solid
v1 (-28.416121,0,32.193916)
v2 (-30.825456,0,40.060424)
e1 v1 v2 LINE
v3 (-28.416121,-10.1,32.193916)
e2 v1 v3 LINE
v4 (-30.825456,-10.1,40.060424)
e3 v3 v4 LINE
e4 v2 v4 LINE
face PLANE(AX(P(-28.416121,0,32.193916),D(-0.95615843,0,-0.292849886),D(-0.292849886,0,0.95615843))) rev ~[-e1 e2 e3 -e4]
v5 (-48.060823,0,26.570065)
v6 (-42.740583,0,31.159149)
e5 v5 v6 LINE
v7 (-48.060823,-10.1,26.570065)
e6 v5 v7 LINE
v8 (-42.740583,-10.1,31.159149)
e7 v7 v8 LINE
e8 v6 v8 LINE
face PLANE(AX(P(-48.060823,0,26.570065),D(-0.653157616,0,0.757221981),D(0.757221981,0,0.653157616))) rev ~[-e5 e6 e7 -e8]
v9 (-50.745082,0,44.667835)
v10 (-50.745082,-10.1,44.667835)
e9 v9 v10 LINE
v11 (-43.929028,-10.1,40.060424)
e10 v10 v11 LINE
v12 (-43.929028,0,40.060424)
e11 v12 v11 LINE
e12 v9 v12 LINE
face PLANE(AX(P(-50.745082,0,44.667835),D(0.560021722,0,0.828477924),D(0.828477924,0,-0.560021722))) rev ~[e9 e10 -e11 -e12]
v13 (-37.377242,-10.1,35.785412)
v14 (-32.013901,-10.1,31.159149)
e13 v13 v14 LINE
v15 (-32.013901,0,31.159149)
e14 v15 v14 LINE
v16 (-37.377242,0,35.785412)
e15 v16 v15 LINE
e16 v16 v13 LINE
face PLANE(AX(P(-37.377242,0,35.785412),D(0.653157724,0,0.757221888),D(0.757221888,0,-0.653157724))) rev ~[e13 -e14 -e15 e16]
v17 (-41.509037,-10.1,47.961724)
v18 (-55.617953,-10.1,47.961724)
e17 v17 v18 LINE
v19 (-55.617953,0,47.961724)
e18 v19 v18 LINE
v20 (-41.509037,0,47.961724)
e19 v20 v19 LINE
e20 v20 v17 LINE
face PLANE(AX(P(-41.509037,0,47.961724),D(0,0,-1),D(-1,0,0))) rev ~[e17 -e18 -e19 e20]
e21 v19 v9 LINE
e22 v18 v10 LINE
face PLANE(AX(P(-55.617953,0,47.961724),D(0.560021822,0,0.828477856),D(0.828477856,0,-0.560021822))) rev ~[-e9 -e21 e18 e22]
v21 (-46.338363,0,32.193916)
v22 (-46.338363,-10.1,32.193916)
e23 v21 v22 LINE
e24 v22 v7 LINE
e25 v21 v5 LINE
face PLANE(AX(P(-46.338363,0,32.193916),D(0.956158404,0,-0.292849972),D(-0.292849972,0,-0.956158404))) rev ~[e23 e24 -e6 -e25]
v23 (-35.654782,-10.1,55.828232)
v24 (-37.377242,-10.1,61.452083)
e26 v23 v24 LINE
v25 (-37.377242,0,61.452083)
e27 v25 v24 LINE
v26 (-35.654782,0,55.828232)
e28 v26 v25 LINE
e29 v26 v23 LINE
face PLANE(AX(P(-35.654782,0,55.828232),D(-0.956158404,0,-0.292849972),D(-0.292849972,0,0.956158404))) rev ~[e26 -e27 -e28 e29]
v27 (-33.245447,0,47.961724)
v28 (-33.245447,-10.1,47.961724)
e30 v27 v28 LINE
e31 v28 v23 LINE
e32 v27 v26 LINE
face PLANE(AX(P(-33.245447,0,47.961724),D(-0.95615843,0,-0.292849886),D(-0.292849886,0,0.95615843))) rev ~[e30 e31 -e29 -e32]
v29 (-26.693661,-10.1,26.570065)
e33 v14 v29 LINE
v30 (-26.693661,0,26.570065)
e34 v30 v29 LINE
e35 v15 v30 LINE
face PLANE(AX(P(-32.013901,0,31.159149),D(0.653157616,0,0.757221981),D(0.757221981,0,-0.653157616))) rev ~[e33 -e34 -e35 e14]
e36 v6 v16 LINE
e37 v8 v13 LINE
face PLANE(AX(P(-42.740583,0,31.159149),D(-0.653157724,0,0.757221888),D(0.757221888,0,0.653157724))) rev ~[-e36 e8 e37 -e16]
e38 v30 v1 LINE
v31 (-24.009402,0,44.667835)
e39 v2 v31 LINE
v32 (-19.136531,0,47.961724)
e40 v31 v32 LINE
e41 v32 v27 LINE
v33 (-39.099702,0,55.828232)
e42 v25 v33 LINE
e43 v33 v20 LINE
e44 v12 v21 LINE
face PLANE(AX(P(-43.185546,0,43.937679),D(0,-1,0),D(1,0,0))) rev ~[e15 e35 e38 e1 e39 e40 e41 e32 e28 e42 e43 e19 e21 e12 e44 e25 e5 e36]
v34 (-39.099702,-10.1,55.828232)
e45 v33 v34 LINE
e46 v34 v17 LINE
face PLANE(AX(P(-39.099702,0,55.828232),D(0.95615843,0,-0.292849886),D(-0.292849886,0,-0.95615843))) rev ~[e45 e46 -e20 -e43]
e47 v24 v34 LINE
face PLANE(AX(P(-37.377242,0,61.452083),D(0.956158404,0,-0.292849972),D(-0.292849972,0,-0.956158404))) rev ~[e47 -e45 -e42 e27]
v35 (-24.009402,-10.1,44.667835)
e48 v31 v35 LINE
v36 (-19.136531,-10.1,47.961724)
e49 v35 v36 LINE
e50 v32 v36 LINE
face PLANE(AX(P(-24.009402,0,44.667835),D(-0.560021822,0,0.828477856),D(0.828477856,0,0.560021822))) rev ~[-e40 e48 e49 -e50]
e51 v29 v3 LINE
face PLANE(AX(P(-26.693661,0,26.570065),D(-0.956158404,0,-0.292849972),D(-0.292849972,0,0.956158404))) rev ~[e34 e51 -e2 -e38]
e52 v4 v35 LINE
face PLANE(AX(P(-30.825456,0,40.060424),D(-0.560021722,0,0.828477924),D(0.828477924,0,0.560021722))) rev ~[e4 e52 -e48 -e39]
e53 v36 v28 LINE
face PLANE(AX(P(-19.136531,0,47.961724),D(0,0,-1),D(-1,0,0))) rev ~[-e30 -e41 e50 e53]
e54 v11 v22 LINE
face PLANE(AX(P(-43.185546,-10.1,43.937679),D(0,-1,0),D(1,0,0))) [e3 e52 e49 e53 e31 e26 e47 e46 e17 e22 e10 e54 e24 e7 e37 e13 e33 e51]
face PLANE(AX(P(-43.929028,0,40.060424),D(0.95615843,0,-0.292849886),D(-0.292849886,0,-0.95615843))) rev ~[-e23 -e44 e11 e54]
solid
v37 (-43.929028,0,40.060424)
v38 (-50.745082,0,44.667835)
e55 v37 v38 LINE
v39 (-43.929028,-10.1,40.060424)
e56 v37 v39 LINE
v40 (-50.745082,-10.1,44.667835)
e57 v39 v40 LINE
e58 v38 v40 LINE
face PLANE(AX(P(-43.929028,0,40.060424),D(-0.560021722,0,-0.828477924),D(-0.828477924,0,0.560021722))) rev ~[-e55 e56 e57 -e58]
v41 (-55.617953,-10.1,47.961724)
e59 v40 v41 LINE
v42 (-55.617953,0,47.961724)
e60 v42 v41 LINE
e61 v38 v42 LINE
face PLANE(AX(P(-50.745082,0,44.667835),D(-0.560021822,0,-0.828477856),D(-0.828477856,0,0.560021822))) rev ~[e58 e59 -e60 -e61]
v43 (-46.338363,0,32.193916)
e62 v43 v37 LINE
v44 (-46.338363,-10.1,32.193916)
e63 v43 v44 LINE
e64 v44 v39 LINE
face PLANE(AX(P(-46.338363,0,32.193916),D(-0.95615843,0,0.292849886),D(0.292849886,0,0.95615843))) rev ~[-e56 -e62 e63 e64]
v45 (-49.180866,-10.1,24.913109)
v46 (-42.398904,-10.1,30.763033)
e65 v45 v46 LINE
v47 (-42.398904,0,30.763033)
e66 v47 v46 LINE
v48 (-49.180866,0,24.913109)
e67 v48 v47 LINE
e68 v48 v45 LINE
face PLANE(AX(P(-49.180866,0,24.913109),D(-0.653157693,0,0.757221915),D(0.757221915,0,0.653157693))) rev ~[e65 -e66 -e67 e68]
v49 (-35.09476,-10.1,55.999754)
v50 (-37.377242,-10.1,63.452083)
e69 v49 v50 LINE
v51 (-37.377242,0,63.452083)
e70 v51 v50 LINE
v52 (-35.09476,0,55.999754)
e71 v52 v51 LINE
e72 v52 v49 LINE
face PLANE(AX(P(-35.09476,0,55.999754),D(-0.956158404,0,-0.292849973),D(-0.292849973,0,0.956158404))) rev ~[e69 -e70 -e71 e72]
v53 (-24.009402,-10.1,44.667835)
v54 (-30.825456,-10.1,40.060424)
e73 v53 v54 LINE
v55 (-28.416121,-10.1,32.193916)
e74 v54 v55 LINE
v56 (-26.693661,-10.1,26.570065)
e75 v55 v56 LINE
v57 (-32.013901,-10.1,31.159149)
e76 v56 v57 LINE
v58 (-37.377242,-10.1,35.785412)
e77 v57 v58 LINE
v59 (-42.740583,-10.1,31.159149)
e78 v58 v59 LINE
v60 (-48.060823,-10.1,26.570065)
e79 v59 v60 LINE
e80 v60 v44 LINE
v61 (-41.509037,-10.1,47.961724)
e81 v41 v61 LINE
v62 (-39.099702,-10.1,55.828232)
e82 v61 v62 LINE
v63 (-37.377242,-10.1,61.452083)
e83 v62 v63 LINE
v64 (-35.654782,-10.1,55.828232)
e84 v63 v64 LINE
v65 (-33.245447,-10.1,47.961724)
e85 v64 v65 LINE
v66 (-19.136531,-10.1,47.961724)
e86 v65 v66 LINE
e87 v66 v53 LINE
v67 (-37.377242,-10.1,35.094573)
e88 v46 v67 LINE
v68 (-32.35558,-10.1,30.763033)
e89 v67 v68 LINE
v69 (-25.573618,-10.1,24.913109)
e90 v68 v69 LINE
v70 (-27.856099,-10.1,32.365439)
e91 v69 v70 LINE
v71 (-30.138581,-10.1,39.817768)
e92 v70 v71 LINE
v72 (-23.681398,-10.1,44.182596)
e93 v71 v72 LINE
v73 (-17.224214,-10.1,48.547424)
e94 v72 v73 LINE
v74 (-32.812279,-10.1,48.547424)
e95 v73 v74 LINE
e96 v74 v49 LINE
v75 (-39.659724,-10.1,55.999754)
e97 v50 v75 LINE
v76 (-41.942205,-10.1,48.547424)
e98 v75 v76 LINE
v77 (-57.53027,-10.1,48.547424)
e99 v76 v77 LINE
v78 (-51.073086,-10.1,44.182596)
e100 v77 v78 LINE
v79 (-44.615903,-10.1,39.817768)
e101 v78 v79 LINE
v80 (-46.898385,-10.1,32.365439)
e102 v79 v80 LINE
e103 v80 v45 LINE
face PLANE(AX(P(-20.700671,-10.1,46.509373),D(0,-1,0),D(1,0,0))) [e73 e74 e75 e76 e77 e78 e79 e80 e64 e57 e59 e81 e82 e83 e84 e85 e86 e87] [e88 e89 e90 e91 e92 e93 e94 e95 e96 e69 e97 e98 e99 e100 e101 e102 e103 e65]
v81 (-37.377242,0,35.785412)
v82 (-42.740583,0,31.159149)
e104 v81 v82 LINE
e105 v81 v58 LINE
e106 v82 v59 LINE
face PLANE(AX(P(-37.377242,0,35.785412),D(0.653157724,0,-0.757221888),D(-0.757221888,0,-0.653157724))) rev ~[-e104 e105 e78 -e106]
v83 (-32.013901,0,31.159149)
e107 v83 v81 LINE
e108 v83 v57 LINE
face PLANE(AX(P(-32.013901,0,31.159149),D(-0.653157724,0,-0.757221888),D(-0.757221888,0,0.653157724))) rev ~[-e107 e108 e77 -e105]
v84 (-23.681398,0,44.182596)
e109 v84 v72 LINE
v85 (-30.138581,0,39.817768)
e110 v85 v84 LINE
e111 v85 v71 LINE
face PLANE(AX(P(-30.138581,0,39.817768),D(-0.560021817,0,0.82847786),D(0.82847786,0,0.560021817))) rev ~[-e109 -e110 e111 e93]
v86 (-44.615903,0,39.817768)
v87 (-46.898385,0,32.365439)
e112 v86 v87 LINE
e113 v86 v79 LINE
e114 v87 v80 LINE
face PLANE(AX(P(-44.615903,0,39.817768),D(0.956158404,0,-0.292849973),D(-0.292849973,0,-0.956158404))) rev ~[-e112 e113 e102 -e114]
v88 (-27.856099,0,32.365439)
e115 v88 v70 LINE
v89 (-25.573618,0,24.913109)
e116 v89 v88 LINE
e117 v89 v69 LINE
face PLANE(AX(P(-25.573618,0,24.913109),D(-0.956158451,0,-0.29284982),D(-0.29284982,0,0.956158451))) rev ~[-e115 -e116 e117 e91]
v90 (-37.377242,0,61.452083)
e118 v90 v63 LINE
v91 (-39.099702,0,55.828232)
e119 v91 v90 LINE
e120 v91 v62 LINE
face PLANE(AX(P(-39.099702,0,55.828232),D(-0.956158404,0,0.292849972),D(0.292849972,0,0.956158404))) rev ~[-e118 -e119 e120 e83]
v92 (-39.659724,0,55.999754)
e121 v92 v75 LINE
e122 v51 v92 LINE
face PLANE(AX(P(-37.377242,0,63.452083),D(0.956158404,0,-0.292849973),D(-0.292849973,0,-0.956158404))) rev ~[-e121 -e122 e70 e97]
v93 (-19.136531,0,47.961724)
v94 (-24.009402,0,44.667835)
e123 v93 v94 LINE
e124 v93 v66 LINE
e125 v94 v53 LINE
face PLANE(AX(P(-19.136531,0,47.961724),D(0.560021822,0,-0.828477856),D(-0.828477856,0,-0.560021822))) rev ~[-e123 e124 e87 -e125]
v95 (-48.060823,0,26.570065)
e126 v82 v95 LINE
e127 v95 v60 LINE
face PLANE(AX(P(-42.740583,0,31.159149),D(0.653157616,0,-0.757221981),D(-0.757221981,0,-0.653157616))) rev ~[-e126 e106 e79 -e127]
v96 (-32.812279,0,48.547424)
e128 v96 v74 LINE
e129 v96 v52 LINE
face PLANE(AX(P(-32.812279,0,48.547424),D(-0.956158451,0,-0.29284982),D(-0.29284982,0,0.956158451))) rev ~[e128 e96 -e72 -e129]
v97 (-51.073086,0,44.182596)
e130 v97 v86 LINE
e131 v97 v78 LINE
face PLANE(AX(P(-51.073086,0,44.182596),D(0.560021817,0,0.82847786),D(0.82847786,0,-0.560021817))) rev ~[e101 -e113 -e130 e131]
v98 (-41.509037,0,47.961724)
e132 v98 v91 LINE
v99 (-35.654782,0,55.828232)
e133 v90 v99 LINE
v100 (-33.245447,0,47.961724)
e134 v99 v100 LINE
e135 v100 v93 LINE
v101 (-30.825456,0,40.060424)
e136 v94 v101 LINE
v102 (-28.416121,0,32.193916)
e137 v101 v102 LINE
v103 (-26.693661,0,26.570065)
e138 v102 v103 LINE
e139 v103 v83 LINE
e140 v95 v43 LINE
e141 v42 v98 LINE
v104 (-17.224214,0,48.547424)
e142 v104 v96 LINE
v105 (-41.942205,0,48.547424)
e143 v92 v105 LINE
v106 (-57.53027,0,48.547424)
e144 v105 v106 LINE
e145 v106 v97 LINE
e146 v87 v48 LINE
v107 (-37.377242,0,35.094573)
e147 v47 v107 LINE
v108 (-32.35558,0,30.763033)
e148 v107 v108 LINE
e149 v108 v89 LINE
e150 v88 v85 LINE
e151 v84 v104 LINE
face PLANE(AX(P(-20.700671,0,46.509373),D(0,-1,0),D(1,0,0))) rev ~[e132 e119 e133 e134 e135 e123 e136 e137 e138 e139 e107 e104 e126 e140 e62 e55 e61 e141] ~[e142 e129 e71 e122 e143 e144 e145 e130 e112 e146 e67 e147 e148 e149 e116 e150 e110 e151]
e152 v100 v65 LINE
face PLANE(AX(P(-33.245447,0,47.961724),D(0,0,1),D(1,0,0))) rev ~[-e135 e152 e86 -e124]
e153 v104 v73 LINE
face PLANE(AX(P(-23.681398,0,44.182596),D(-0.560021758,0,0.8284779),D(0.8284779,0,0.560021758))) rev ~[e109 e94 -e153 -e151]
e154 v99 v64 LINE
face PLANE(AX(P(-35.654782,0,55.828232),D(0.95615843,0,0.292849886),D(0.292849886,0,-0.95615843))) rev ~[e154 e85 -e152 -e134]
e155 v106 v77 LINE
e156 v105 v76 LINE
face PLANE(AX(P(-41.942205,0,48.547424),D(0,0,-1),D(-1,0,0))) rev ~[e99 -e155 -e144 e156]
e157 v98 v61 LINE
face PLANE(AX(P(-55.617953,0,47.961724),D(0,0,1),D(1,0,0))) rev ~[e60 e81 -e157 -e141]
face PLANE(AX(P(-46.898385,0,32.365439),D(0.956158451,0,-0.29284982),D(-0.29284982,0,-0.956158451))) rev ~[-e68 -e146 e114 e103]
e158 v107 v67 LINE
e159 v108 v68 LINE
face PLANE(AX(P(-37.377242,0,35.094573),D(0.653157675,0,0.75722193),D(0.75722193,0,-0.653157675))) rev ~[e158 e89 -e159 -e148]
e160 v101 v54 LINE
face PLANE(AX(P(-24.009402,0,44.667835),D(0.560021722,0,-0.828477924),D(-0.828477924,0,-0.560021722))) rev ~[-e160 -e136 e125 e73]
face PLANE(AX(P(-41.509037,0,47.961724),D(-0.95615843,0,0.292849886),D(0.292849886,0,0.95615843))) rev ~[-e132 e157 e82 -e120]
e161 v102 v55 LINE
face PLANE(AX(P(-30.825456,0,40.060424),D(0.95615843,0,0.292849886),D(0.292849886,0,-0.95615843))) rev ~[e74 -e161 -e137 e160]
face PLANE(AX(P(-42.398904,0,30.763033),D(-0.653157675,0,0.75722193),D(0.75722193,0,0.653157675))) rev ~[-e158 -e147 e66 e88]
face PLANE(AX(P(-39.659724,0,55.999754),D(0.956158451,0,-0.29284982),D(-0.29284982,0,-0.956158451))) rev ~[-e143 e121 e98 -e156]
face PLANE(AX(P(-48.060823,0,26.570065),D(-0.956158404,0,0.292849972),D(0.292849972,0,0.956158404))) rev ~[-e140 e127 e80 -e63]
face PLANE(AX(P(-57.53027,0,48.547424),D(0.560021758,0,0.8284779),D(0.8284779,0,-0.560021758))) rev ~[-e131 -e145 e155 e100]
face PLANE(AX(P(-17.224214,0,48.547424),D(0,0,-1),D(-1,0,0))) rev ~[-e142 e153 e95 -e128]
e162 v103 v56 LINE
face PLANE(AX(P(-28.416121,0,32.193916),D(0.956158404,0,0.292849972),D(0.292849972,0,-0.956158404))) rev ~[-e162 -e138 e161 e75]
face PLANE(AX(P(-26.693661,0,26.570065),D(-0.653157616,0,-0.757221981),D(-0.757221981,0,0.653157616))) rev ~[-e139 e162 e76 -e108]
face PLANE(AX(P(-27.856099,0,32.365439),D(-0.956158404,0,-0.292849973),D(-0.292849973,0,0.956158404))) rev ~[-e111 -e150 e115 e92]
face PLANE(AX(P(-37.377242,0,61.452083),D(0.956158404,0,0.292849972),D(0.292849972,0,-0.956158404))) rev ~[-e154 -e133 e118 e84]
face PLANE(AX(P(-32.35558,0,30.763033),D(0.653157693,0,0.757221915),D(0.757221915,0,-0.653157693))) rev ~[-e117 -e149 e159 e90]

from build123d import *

# Parameters (mm, degrees)
F1_DEPTH = 10.1
F2_DEPTH = 10.1


with BuildPart() as f1:
    # F0 (on Front) → F1 (new body)
    with BuildSketch(Plane.XZ):
        Polygon((-37.377242, 35.785412), (-37.377242, 61.452083), (-39.099702, 55.828232), (-41.509037, 47.961724), (-49.736237, 47.961724), (-55.617953, 47.961724), (-50.745082, 44.667835), (-43.929028, 40.060424), (-46.338363, 32.193916), (-48.060823, 26.570065), (-42.740583, 31.159149), align=None)
        Polygon((-35.654782, 55.828232), (-37.377242, 61.452083), (-37.377242, 35.785412), (-32.013901, 31.159149), (-26.693661, 26.570065), (-28.416121, 32.193916), (-30.825456, 40.060424), (-24.009402, 44.667835), (-19.136531, 47.961724), (-25.018247, 47.961724), (-33.245447, 47.961724), align=None)
    extrude(amount=F1_DEPTH)


with BuildPart() as f2:
    # F0 (on Front) → F2 (new body)
    with BuildSketch(Plane.XZ):
        Polygon((-23.681398, 44.182596), (-17.224214, 48.547424), (-19.136531, 47.961724), (-24.009402, 44.667835), align=None)
        Polygon((-30.138581, 39.817768), (-23.681398, 44.182596), (-24.009402, 44.667835), (-30.825456, 40.060424), align=None)
        Polygon((-26.693661, 26.570065), (-32.013901, 31.159149), (-32.35558, 30.763033), (-25.573618, 24.913109), align=None)
        Polygon((-28.416121, 32.193916), (-26.693661, 26.570065), (-25.573618, 24.913109), (-27.856099, 32.365439), align=None)
        Polygon((-32.812279, 48.547424), (-35.09476, 55.999754), (-35.654782, 55.828232), (-33.245447, 47.961724), align=None)
        Polygon((-37.377242, 61.452083), (-37.377242, 63.452083), (-39.659724, 55.999754), (-39.099702, 55.828232), align=None)
        Polygon((-35.09476, 55.999754), (-37.377242, 63.452083), (-37.377242, 61.452083), (-35.654782, 55.828232), align=None)
        Polygon((-39.099702, 55.828232), (-39.659724, 55.999754), (-41.942205, 48.547424), (-41.509037, 47.961724), align=None)
        Polygon((-55.617953, 47.961724), (-57.53027, 48.547424), (-51.073086, 44.182596), (-50.745082, 44.667835), align=None)
        Polygon((-50.745082, 44.667835), (-51.073086, 44.182596), (-44.615903, 39.817768), (-43.929028, 40.060424), align=None)
        Polygon((-46.898385, 32.365439), (-46.338363, 32.193916), (-43.929028, 40.060424), (-44.615903, 39.817768), align=None)
        Polygon((-49.180866, 24.913109), (-48.060823, 26.570065), (-46.338363, 32.193916), (-46.898385, 32.365439), align=None)
        Polygon((-42.398904, 30.763033), (-42.740583, 31.159149), (-48.060823, 26.570065), (-49.180866, 24.913109), align=None)
        Polygon((-37.377242, 35.094573), (-37.377242, 35.785412), (-42.740583, 31.159149), (-42.398904, 30.763033), align=None)
        Polygon((-32.013901, 31.159149), (-37.377242, 35.785412), (-37.377242, 35.094573), (-32.35558, 30.763033), align=None)
        Polygon((-30.825456, 40.060424), (-28.416121, 32.193916), (-27.856099, 32.365439), (-30.138581, 39.817768), align=None)
        Polygon((-41.509037, 47.961724), (-41.942205, 48.547424), (-49.736237, 48.547424), (-49.736237, 47.961724), align=None)
        Polygon((-49.736237, 47.961724), (-49.736237, 48.547424), (-57.53027, 48.547424), (-55.617953, 47.961724), align=None)
        Polygon((-17.224214, 48.547424), (-25.018247, 48.547424), (-25.018247, 47.961724), (-19.136531, 47.961724), align=None)
        Polygon((-25.018247, 48.547424), (-32.812279, 48.547424), (-33.245447, 47.961724), (-25.018247, 47.961724), align=None)
    extrude(amount=F2_DEPTH)


solid = Compound([f1.part, f2.part])
